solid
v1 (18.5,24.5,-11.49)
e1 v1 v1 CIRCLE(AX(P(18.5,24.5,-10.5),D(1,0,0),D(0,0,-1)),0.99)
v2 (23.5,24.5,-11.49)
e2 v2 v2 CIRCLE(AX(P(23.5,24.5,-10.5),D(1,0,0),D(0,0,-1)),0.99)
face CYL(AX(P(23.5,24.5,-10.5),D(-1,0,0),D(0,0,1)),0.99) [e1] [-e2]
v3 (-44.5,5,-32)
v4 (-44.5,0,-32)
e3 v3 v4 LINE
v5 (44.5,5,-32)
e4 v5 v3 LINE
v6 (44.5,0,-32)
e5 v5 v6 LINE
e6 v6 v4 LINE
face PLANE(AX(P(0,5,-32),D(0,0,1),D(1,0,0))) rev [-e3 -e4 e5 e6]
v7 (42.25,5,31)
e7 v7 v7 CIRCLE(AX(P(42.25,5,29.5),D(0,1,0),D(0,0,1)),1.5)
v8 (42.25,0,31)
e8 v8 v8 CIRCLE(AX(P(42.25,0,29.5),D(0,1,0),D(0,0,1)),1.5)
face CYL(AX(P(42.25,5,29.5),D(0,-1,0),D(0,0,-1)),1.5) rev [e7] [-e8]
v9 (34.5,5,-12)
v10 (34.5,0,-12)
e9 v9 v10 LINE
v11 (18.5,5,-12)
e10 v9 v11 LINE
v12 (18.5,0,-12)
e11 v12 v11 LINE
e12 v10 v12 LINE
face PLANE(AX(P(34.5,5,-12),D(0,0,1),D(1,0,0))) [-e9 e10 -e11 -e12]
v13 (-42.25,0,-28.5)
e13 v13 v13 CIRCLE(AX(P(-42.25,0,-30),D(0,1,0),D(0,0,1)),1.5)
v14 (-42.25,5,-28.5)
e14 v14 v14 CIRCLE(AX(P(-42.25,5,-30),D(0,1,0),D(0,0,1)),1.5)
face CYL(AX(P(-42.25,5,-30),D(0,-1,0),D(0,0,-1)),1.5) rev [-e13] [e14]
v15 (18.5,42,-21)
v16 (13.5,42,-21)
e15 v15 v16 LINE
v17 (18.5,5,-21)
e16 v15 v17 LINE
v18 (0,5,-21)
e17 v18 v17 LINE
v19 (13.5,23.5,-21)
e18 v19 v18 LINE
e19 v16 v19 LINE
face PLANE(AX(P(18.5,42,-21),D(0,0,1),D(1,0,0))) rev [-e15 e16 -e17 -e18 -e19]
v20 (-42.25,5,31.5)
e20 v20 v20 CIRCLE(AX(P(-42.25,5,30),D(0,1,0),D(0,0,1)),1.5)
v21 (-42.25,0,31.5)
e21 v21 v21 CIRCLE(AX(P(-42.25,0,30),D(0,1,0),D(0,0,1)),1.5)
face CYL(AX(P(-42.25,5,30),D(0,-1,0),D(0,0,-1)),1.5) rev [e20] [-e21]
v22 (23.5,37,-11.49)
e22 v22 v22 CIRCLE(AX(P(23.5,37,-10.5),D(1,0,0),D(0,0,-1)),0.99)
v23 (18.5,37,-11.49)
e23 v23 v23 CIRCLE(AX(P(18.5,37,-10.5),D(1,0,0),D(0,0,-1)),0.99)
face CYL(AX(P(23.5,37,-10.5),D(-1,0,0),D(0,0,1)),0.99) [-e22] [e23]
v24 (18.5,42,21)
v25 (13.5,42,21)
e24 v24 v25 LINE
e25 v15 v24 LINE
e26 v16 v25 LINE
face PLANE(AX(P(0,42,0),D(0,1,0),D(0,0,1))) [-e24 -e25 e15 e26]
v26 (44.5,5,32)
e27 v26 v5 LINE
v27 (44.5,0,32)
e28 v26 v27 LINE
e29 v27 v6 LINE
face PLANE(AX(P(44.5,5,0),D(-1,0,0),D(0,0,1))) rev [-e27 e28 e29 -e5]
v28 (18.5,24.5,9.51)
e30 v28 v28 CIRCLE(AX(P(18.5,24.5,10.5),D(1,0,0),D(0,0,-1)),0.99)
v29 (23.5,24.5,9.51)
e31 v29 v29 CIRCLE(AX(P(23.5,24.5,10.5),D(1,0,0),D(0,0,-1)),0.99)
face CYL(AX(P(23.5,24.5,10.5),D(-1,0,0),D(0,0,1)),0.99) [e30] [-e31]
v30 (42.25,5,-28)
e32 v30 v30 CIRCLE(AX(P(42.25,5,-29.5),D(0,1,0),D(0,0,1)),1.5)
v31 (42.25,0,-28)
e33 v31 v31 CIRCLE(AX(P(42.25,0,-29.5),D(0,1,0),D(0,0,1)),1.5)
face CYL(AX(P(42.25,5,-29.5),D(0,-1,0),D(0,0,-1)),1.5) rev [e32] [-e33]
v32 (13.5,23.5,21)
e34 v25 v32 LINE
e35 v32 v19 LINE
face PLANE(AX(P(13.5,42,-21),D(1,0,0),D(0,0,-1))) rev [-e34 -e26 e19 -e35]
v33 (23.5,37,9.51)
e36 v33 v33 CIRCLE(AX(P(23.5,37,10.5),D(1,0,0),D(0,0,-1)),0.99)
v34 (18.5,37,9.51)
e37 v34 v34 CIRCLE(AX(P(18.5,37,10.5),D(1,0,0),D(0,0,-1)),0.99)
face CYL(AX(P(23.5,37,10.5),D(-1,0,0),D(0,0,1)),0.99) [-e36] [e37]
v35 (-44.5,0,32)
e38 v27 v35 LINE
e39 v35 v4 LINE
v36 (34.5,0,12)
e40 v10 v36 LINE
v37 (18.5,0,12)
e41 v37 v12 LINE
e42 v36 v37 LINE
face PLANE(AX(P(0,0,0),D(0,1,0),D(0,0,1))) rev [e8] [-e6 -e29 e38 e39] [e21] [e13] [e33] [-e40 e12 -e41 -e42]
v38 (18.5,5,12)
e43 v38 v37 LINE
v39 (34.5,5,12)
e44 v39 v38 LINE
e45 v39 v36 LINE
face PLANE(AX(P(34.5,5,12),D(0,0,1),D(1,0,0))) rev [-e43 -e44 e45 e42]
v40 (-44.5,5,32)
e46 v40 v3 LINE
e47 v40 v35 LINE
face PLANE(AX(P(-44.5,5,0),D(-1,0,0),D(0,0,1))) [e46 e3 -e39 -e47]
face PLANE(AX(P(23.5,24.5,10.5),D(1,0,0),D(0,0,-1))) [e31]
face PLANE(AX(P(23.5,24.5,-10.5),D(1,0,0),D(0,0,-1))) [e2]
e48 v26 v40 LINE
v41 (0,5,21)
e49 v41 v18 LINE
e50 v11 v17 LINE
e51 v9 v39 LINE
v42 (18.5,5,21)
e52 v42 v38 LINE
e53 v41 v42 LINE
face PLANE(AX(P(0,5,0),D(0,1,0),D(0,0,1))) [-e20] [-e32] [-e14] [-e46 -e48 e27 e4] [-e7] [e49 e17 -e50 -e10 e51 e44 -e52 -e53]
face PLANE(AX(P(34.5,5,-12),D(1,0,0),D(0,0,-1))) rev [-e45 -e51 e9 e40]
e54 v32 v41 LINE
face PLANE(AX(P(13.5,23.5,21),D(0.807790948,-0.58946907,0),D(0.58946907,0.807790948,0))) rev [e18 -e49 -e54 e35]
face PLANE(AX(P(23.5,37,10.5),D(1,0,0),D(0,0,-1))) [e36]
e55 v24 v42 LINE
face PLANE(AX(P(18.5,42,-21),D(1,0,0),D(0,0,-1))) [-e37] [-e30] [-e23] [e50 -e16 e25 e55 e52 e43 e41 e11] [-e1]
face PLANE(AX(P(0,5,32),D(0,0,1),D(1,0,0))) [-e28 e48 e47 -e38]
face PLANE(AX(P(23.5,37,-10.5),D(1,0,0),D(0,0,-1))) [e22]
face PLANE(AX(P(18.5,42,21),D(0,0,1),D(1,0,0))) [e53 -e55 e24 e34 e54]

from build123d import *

# Parameters (mm, degrees)
SKETCH1_R           = 1.5
BOSS_EXTRUDE1_DEPTH = 5
SKETCH1_3_W         = 10
SKETCH1_3_H         = 24
CUT_EXTRUDE1_DEPTH  = 6
SKETCH1_4_W         = 5
SKETCH1_4_H         = 42
BOSS_EXTRUDE2_DEPTH = 42
BOSS_EXTRUDE3_DEPTH = 21
SKETCH4_W           = 24
SKETCH4_H           = 5
CUT_EXTRUDE2_DEPTH  = 6
SKETCH5_R           = 0.99
BOSS_EXTRUDE4_DEPTH = 5


with BuildPart() as part:
    # Sketch1 → Boss-Extrude1 (new body)
    with BuildSketch(Plane(origin=(0, 0, 0), x_dir=(1, 0, 0), z_dir=(0, 1, 0))):
        Polygon((-44.5, -32), (44.5, -32), (44.5, -12), (44.5, 12), (44.5, 32), (-44.5, 32), align=None)
        with Locations((-42.25, -30)):
            Circle(SKETCH1_R, mode=Mode.SUBTRACT)
        with Locations((42.25, -29.5)):
            Circle(SKETCH1_R, mode=Mode.SUBTRACT)
        with Locations((-42.25, 30)):
            Circle(SKETCH1_R, mode=Mode.SUBTRACT)
        with Locations((42.25, 29.5)):
            Circle(SKETCH1_R, mode=Mode.SUBTRACT)
    extrude(amount=BOSS_EXTRUDE1_DEPTH)

    # Sketch1<3> → Cut-Extrude1 (cut, through all)
    with BuildSketch(Plane(origin=(0, 0, 0), x_dir=(1, 0, 0), z_dir=(0, 1, 0))):
        with Locations((29.5, 0)):
            Rectangle(SKETCH1_3_W, SKETCH1_3_H)
    extrude(amount=CUT_EXTRUDE1_DEPTH, mode=Mode.SUBTRACT)

    # Sketch1<4> → Boss-Extrude2 (add)
    with BuildSketch(Plane(origin=(0, 0, 0), x_dir=(1, 0, 0), z_dir=(0, 1, 0))):
        with Locations((16, 0)):
            Rectangle(SKETCH1_4_W, SKETCH1_4_H)
    extrude(amount=BOSS_EXTRUDE2_DEPTH)

    # Sketch3 → Boss-Extrude3 (add, symmetric)
    with BuildSketch(Plane.XY):
        Polygon((13.5, 23.5), (0, 5), (13.5, 5), align=None)
    extrude(amount=BOSS_EXTRUDE3_DEPTH, both=True)

    # Sketch4 → Cut-Extrude2 (cut)
    with BuildSketch(Plane(origin=(24.5, 0, 0), x_dir=(0, 0, -1), z_dir=(1, 0, 0))):
        with Locations((0, 2.5)):
            Rectangle(SKETCH4_W, SKETCH4_H)
    extrude(amount=-CUT_EXTRUDE2_DEPTH, mode=Mode.SUBTRACT)

    # Sketch5 → Boss-Extrude4 (add)
    with BuildSketch(Plane(origin=(18.5, 0, 0), x_dir=(0, 0, -1), z_dir=(1, 0, 0))):
        with Locations((-10.5, 37)):
            Circle(SKETCH5_R)
        with Locations((10.5, 37)):
            Circle(SKETCH5_R)
        with Locations((10.5, 24.5)):
            Circle(SKETCH5_R)
        with Locations((-10.5, 24.5)):
            Circle(SKETCH5_R)
    extrude(amount=BOSS_EXTRUDE4_DEPTH)


solid = part.part
